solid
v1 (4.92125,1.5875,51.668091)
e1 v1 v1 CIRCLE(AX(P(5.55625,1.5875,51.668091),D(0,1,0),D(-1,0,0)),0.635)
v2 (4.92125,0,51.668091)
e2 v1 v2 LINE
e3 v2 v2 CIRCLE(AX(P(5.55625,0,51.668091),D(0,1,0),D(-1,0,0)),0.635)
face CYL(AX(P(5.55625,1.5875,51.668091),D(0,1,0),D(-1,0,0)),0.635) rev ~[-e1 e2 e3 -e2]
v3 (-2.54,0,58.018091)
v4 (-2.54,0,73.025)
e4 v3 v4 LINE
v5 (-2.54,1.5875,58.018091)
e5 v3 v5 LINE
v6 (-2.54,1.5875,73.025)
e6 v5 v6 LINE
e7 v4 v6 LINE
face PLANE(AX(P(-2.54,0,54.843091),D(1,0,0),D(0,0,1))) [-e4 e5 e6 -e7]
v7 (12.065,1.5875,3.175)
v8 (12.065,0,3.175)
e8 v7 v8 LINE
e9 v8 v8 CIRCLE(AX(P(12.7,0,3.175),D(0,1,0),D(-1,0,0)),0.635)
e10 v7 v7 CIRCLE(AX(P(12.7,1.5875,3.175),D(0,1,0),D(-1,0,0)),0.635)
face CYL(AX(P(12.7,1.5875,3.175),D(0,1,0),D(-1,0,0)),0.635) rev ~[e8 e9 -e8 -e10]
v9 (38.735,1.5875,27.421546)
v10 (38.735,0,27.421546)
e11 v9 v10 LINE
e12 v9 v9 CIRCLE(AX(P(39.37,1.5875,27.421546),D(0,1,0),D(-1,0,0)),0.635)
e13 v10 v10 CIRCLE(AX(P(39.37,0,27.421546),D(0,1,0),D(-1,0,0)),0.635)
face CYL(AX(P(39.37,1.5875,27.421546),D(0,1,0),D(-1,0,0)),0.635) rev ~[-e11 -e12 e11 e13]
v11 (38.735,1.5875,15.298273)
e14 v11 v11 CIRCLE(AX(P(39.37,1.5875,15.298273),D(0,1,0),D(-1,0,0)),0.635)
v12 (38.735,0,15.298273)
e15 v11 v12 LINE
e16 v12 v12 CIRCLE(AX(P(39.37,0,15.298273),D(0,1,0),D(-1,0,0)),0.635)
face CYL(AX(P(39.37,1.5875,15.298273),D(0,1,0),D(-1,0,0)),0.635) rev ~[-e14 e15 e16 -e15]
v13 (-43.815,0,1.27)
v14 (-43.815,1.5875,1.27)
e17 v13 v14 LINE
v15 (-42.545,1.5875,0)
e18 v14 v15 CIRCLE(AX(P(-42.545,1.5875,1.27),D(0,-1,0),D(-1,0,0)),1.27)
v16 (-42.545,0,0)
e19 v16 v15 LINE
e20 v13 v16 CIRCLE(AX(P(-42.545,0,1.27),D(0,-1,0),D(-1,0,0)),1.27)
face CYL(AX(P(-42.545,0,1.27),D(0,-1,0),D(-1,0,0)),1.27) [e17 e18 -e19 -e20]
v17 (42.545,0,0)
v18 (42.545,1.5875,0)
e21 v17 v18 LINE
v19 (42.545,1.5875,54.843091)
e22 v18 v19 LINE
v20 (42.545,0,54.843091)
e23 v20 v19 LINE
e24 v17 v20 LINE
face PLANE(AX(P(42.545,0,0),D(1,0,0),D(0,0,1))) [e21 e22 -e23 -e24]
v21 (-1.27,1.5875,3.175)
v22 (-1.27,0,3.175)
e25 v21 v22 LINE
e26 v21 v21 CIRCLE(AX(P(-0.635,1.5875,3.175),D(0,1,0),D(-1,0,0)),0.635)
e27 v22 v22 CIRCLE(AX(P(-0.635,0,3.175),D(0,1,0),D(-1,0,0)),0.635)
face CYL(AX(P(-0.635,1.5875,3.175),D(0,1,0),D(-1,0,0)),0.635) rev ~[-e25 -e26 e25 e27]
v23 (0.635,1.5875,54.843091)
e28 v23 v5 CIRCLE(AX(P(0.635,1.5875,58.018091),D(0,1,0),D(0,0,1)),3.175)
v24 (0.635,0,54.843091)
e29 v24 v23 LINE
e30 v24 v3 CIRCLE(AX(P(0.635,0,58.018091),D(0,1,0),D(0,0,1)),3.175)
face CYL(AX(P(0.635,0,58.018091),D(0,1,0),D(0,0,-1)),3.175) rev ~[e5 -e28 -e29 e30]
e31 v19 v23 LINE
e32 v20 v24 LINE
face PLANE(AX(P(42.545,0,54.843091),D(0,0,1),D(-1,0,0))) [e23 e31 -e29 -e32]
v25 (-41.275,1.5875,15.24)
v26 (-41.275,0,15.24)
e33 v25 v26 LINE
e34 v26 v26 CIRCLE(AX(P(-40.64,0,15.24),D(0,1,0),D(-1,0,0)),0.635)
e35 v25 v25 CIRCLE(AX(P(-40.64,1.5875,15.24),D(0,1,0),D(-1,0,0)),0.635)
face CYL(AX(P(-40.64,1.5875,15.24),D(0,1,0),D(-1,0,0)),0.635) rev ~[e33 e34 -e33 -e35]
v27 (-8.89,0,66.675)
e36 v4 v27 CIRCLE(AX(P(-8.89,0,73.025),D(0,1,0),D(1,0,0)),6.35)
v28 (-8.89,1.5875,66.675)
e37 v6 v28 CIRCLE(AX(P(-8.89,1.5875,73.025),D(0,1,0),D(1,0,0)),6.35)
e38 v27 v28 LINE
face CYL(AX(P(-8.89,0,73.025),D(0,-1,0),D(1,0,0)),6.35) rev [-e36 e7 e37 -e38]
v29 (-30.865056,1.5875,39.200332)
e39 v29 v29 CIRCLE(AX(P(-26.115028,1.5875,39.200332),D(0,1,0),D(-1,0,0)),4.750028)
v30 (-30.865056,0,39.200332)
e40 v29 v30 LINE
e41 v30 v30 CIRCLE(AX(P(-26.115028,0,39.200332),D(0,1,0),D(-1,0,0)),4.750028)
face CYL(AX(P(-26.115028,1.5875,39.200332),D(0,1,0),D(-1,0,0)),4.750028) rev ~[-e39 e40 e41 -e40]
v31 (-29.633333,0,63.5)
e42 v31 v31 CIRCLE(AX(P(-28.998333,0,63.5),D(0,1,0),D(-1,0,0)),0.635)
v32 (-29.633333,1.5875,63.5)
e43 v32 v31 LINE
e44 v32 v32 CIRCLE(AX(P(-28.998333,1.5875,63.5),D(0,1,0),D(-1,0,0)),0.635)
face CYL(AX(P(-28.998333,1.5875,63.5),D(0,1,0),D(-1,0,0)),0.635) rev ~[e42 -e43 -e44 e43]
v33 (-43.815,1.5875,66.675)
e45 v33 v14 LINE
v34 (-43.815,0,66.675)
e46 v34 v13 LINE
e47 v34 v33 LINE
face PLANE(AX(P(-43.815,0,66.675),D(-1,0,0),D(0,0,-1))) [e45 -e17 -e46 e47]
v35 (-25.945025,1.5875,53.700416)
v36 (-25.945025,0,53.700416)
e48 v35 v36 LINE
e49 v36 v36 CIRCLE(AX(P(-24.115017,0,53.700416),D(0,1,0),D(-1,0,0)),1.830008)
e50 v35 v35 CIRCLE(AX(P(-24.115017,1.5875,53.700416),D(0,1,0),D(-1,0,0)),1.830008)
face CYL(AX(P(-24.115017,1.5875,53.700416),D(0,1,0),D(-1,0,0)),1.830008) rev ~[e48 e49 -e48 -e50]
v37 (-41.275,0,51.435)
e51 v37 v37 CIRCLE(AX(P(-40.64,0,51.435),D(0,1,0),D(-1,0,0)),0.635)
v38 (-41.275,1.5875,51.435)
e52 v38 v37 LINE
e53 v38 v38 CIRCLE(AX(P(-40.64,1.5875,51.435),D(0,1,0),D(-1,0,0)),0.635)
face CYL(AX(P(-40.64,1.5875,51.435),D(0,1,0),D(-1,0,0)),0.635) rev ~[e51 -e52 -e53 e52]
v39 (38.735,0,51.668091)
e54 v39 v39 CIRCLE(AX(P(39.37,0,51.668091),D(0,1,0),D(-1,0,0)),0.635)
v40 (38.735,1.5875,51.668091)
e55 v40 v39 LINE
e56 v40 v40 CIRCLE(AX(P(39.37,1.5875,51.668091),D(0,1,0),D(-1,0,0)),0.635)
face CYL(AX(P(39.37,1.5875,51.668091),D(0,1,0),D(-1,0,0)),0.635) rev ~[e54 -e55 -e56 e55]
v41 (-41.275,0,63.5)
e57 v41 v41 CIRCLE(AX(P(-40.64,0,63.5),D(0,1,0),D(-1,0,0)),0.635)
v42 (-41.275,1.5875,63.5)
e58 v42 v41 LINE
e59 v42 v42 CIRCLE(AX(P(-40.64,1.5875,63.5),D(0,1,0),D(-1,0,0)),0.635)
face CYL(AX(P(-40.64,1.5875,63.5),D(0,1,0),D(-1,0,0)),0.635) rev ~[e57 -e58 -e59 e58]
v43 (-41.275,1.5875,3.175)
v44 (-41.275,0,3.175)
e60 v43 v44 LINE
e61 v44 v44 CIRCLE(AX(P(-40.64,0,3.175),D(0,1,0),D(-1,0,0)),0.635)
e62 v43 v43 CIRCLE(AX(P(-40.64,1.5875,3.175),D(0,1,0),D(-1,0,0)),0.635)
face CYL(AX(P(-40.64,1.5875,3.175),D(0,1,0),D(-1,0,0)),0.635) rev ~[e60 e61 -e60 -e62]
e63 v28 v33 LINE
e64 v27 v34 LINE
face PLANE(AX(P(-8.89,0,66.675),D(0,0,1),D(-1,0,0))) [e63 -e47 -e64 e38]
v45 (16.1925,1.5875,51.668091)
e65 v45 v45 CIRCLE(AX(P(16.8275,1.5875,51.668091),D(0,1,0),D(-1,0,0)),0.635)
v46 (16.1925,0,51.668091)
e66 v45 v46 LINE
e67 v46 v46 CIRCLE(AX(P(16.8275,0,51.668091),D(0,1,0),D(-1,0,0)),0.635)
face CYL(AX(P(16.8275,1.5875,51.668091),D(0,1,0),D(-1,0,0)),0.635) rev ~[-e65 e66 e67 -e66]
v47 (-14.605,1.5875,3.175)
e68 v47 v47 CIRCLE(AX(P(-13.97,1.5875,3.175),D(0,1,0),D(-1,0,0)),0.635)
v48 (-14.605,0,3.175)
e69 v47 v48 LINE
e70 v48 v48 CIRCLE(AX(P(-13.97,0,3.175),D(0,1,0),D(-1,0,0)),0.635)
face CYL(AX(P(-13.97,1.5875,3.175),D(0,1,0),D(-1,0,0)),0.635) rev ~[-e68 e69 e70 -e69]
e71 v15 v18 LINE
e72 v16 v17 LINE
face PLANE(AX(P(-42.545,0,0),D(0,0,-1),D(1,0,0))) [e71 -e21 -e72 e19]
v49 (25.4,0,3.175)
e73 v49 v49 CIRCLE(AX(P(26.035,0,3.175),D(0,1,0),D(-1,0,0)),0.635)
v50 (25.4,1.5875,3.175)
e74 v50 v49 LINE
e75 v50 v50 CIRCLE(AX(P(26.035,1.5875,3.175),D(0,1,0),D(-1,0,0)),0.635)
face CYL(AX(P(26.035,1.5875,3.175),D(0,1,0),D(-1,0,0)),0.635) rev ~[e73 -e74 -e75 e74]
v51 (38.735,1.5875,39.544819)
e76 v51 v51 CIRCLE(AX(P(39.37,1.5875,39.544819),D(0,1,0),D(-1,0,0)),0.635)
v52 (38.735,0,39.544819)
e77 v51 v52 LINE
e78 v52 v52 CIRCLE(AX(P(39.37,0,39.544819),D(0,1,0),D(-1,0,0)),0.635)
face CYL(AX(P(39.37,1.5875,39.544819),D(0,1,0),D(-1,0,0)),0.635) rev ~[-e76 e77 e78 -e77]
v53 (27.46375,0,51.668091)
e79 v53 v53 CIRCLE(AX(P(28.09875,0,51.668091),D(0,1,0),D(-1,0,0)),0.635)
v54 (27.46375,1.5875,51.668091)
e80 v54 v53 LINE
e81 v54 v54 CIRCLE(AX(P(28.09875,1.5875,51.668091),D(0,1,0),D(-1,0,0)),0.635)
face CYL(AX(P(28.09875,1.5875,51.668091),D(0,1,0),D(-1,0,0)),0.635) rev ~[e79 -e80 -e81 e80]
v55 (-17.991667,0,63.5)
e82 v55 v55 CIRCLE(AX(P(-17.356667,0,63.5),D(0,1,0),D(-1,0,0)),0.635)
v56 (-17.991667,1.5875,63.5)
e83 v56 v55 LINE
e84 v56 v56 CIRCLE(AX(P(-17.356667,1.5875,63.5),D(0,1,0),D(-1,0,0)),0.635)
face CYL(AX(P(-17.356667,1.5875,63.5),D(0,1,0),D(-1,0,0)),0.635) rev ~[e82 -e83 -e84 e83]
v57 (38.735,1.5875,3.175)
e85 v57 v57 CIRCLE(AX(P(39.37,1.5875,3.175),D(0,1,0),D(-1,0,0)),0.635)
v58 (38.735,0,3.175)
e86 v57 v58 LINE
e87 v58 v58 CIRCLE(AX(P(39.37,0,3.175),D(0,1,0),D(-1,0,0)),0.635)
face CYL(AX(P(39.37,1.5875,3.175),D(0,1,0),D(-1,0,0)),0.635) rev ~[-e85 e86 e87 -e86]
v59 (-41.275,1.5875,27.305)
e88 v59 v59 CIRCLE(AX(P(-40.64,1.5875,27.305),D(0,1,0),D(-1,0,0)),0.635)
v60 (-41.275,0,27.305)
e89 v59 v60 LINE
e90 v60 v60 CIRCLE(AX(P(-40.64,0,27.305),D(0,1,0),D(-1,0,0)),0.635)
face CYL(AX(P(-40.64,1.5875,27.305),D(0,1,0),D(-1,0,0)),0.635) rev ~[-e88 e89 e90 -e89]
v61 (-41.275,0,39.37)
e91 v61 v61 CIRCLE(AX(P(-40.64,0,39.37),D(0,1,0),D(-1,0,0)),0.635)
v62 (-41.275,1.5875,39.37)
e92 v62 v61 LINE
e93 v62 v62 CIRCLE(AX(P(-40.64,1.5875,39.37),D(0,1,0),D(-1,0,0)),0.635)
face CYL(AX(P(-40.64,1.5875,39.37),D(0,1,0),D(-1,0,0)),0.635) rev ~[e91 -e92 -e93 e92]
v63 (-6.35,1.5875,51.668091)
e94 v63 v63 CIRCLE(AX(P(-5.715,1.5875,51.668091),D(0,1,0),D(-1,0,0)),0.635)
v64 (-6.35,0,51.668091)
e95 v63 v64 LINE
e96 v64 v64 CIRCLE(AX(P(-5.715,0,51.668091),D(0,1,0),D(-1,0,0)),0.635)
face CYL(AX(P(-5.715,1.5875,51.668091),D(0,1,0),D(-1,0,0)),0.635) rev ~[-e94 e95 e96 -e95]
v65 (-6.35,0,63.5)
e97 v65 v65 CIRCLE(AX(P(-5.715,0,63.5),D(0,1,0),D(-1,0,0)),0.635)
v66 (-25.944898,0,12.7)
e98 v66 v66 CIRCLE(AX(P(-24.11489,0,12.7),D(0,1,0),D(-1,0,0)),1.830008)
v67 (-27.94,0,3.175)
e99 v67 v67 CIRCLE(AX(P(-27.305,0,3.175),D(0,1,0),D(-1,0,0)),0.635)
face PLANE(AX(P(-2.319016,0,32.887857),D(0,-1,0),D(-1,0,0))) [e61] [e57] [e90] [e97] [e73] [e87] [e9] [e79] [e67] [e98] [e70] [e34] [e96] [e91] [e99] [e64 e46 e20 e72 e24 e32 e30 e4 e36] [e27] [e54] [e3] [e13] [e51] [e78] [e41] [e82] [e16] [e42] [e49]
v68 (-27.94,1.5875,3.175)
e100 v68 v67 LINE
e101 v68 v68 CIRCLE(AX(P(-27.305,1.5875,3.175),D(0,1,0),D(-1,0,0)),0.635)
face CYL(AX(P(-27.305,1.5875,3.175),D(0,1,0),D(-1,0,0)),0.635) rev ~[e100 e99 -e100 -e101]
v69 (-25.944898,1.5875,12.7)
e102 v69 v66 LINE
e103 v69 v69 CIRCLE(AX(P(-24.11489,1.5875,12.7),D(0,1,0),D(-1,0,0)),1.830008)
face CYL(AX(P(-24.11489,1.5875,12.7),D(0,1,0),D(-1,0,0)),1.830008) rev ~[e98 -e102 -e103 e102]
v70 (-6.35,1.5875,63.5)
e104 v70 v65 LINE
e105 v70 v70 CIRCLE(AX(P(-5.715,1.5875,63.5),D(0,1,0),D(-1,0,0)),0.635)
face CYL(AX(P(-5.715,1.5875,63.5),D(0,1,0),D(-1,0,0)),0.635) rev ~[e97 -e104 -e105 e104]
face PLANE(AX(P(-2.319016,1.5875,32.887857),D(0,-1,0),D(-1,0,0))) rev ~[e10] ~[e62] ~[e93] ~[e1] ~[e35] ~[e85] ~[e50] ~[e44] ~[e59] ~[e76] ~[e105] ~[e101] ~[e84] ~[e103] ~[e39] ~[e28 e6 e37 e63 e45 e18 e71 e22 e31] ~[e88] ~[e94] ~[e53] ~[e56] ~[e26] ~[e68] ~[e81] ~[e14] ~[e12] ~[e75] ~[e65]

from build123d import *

# Parameters (mm, degrees)
BOSS_EXTRUDE1_DEPTH     = 1.5875
FILLET1_R               = 3.175
SKETCH2_R               = 4.750027573
SKETCH2_R_2             = 1.830008083
CUT_EXTRUDE1_DEPTH      = 1
CUT_EXTRUDE1_DEPTH_BACK = 2.5875
SKETCH3_R               = 0.635
CUT_EXTRUDE2_DEPTH      = 1
CUT_EXTRUDE2_DEPTH_BACK = 2.5875


with BuildPart() as part:
    # Sketch1 → Boss-Extrude1 (new body)
    with BuildSketch(Plane(origin=(0, 0, 0), x_dir=(1, 0, 0), z_dir=(0, 1, 0))):
        with BuildLine():
            Line((-8.89, -66.675), (-43.815, -66.675))
            Line((-43.815, -66.675), (-43.815, -1.27))
            ThreePointArc((-43.815, -1.27), (-43.443025612, -0.371974388), (-42.545, 0))
            Line((-42.545, 0), (42.545, 0))
            Line((42.545, 0), (42.545, -54.843091388))
            Line((42.545, -54.843091388), (-2.54, -54.843091388))
            Line((-2.54, -54.843091388), (-2.54, -73.025))
            ThreePointArc((-2.54, -73.025), (-4.399871939, -68.534871939), (-8.89, -66.675))
        make_face()
    extrude(amount=BOSS_EXTRUDE1_DEPTH)

    # Fillet1
    fillet1_edges = [part.edges().sort_by_distance(p)[0] for p in [
        (-2.54, 0.79375, 54.843091388),
    ]]
    fillet(fillet1_edges, radius=FILLET1_R)

    # Sketch2 → Cut-Extrude1 (cut, two sides)
    with BuildSketch(Plane(origin=(0, 1.5875, 0), x_dir=(-1, 0, 0), z_dir=(0, 1, 0))) as cut_extrude1_sk:
        with Locations((26.115028378, 39.200331632)):
            Circle(SKETCH2_R)
        with Locations((24.115016768, 53.700415803)):
            Circle(SKETCH2_R_2)
        with Locations((24.114889767, 12.7)):
            Circle(SKETCH2_R_2)
    extrude(amount=CUT_EXTRUDE1_DEPTH, mode=Mode.SUBTRACT)
    extrude(cut_extrude1_sk.sketch, amount=-CUT_EXTRUDE1_DEPTH_BACK, mode=Mode.SUBTRACT)

    # Sketch3 → Cut-Extrude2 (cut, two sides)
    with BuildSketch(Plane(origin=(0, 1.5875, 0), x_dir=(-1, 0, 0), z_dir=(0, 1, 0))) as cut_extrude2_sk:
        with Locations((27.305, 3.175)):
            Circle(SKETCH3_R)
        with Locations((13.97, 3.175)):
            Circle(SKETCH3_R)
        with Locations((0.635, 3.175)):
            Circle(SKETCH3_R)
        with Locations((-12.7, 3.175)):
            Circle(SKETCH3_R)
        with Locations((-26.035, 3.175)):
            Circle(SKETCH3_R)
        with Locations((-39.37, 3.175)):
            Circle(SKETCH3_R)
        with Locations((-39.37, 15.298272847)):
            Circle(SKETCH3_R)
        with Locations((-39.37, 27.421545694)):
            Circle(SKETCH3_R)
        with Locations((-39.37, 39.544818541)):
            Circle(SKETCH3_R)
        with Locations((-39.37, 51.668091388)):
            Circle(SKETCH3_R)
        with Locations((-28.09875, 51.668091388)):
            Circle(SKETCH3_R)
        with Locations((-16.8275, 51.668091388)):
            Circle(SKETCH3_R)
        with Locations((-5.55625, 51.668091388)):
            Circle(SKETCH3_R)
        with Locations((5.715, 51.668091388)):
            Circle(SKETCH3_R)
        with Locations((5.715, 63.5)):
            Circle(SKETCH3_R)
        with Locations((17.356666667, 63.5)):
            Circle(SKETCH3_R)
        with Locations((28.998333333, 63.5)):
            Circle(SKETCH3_R)
        with Locations((40.64, 63.5)):
            Circle(SKETCH3_R)
        with Locations((40.64, 51.435)):
            Circle(SKETCH3_R)
        with Locations((40.64, 39.37)):
            Circle(SKETCH3_R)
        with Locations((40.64, 27.305)):
            Circle(SKETCH3_R)
        with Locations((40.64, 15.24)):
            Circle(SKETCH3_R)
        with Locations((40.64, 3.175)):
            Circle(SKETCH3_R)
    extrude(amount=CUT_EXTRUDE2_DEPTH, mode=Mode.SUBTRACT)
    extrude(cut_extrude2_sk.sketch, amount=-CUT_EXTRUDE2_DEPTH_BACK, mode=Mode.SUBTRACT)


solid = part.part
